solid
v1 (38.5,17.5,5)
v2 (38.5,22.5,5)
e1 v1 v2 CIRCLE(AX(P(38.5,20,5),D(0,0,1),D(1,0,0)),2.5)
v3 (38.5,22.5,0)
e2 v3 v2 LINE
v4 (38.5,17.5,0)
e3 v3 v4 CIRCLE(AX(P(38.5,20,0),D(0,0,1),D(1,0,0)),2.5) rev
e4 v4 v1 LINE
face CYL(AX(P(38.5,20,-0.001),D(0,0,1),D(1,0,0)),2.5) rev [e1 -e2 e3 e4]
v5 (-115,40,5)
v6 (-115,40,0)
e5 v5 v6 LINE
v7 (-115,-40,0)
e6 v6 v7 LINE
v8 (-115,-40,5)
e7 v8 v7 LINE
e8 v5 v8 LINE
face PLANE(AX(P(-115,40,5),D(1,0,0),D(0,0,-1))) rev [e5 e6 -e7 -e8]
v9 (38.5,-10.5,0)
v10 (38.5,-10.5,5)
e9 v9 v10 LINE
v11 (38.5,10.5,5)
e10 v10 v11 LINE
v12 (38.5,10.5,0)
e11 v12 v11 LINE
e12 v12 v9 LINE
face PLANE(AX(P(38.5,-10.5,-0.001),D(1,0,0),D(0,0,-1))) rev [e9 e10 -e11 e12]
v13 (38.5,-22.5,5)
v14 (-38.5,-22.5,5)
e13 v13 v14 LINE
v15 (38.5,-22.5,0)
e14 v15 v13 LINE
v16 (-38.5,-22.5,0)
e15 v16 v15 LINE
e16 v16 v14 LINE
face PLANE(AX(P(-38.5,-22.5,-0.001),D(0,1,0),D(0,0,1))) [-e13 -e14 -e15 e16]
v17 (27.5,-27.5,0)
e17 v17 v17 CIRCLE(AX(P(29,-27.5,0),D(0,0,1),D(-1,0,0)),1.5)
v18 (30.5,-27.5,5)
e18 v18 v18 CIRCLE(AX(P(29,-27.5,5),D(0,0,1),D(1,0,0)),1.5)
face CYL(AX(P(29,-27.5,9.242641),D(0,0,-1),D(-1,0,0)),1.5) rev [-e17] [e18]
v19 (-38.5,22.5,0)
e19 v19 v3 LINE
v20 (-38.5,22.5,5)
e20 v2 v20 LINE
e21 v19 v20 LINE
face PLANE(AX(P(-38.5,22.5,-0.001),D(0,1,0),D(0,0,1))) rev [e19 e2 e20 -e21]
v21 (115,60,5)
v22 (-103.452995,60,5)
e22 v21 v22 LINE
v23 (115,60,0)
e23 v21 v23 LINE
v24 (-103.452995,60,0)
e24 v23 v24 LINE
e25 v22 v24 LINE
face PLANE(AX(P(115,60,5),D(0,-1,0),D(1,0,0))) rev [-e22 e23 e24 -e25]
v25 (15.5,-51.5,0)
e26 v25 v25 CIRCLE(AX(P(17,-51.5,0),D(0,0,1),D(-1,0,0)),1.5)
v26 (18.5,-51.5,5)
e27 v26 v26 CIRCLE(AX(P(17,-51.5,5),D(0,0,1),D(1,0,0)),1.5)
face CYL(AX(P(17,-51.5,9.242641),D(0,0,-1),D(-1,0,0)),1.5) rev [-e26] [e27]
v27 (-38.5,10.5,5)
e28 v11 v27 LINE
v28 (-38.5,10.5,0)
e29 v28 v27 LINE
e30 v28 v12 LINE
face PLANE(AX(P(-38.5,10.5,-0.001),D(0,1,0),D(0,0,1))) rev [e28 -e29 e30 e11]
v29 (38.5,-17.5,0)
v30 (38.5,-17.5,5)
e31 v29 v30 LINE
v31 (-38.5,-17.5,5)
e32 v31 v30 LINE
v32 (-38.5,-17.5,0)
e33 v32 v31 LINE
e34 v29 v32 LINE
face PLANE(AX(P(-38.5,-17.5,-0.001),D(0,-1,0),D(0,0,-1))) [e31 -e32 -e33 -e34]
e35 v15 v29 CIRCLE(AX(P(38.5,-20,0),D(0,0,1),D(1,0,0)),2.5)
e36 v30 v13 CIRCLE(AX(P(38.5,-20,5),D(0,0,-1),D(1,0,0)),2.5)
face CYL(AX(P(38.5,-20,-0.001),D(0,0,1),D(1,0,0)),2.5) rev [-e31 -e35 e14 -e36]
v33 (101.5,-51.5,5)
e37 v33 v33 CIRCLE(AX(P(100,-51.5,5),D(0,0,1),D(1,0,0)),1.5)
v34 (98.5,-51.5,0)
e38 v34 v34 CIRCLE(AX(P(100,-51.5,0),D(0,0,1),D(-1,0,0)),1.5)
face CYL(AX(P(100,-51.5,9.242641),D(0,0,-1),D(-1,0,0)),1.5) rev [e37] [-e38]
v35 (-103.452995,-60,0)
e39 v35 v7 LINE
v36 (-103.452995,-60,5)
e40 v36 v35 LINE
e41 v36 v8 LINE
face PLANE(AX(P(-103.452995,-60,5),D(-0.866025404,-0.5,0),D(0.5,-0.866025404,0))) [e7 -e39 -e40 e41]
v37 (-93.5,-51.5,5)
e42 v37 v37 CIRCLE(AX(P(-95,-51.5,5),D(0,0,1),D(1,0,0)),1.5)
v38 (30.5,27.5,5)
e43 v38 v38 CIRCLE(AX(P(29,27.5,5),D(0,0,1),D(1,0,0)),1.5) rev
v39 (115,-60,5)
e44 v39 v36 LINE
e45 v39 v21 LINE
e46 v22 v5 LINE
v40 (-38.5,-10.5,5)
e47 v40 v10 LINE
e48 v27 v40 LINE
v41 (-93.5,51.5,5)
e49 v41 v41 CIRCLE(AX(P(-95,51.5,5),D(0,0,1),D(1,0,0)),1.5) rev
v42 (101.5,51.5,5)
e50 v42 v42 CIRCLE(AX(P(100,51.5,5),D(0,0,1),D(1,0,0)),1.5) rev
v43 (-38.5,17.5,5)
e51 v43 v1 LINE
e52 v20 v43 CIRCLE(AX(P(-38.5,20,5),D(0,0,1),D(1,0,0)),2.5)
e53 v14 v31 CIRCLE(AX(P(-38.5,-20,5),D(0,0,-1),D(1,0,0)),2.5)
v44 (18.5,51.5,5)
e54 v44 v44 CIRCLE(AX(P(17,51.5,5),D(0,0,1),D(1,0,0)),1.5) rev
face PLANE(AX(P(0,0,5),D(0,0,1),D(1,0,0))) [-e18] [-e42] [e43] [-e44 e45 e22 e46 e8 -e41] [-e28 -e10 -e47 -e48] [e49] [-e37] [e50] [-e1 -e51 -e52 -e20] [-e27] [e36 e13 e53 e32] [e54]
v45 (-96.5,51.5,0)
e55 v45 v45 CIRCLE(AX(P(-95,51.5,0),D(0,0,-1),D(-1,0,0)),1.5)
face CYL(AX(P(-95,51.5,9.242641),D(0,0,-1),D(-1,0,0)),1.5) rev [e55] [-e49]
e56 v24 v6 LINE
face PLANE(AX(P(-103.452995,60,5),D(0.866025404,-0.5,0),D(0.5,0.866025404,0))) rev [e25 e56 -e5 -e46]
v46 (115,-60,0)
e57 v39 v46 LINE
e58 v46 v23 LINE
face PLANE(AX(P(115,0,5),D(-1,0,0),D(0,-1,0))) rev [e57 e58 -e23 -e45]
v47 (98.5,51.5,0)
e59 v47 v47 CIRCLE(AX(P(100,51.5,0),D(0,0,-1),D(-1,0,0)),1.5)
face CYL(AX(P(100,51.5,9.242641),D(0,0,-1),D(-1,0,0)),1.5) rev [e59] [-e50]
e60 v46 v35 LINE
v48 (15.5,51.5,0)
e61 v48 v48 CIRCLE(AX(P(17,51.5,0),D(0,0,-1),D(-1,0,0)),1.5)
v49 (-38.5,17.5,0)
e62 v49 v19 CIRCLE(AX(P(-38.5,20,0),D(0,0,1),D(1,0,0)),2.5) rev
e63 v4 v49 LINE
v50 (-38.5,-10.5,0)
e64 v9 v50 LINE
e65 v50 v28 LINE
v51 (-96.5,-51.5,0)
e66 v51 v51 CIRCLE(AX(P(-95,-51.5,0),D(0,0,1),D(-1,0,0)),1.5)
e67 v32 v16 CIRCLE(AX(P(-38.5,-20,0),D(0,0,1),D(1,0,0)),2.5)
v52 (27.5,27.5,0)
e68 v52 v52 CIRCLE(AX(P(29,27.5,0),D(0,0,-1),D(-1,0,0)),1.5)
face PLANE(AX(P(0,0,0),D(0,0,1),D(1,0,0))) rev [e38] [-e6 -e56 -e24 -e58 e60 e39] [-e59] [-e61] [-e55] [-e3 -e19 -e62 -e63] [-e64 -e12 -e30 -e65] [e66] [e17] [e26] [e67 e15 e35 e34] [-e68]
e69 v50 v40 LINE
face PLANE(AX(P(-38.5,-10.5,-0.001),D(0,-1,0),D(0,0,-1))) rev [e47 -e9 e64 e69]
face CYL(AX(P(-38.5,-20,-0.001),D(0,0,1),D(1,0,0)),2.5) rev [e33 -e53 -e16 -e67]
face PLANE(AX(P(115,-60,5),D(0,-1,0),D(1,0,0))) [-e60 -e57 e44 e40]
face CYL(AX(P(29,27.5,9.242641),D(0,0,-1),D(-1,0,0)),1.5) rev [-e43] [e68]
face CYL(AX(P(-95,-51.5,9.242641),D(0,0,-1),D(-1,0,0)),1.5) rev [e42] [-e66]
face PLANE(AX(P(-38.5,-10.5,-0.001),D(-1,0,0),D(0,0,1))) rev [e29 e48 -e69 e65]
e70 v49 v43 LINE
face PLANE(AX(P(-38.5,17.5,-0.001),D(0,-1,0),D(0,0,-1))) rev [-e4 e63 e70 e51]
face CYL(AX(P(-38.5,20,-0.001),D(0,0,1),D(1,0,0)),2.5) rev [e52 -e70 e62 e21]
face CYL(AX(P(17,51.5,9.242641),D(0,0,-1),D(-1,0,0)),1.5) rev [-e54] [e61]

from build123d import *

# Parameters (mm, degrees)
BOSS_EXTRU_1_DEPTH      = 5
ENL_V_MAT_EXTRU_1_REACH = 131.808
ESQUISSE2_W             = 77
ESQUISSE2_H             = 21
ENL_V_MAT_EXTRU_2_REACH = 131.808
ESQUISSE4_R             = 1.5
ENL_V_MAT_EXTRU_3_DEPTH = 5


with BuildPart() as part:
    # Esquisse1 → Boss.-Extru.1 (new body)
    with BuildSketch(Plane.XY):
        Polygon((-115, 0), (115, 0), (115, 60), (-103.452994616, 60), (-115, 40), align=None)
    boss_extru_1 = extrude(amount=BOSS_EXTRU_1_DEPTH)

    # Symétrie1: Boss.-Extru.1 across Top Plane
    add(boss_extru_1.mirror(Plane(origin=(0, 0, 0), x_dir=(1, 0, 0), z_dir=(0, 1, 0))))

    # Esquisse2 → Enlèv. mat.-Extru.1 (cut, up to next)
    with BuildSketch(Plane.XY.offset(5), mode=Mode.PRIVATE) as enl_v_mat_extru_1_sk1:
        Rectangle(ESQUISSE2_W, ESQUISSE2_H)
    enl_v_mat_extru_1_tool1 = extrude(enl_v_mat_extru_1_sk1.sketch, amount=-ENL_V_MAT_EXTRU_1_REACH, mode=Mode.PRIVATE) & part.part
    add(enl_v_mat_extru_1_tool1.solids().sort_by_distance((0, 0, 5))[0], mode=Mode.SUBTRACT)

    # Esquisse3 → Enlèv. mat.-Extru.2 (cut, up to next)
    with BuildSketch(Plane.XY.offset(5), mode=Mode.PRIVATE) as enl_v_mat_extru_2_sk1:
        with BuildLine():
            Line((-38.5, 22.5), (38.5, 22.5))
            ThreePointArc((38.5, 22.5), (41, 20), (38.5, 17.5))
            Line((38.5, 17.5), (-38.5, 17.5))
            ThreePointArc((-38.5, 17.5), (-41, 20), (-38.5, 22.5))
        make_face()
    enl_v_mat_extru_2_tool1 = extrude(enl_v_mat_extru_2_sk1.sketch, amount=-ENL_V_MAT_EXTRU_2_REACH, mode=Mode.PRIVATE) & part.part
    enl_v_mat_extru_2 = enl_v_mat_extru_2_tool1.solids().sort_by_distance((0, 20, 5))[0]
    add(enl_v_mat_extru_2, mode=Mode.SUBTRACT)

    # Esquisse4 → Enlèv. mat.-Extru.3 (cut)
    with BuildSketch(Plane(origin=(0, 0, 0), x_dir=(-1, 0, 0), z_dir=(0, 0, -1))):
        with Locations((-100, 51.5)):
            Circle(ESQUISSE4_R)
        with Locations((-17, 51.5)):
            Circle(ESQUISSE4_R)
        with Locations((95, 51.5)):
            Circle(ESQUISSE4_R)
        with Locations((-29, 27.5)):
            Circle(ESQUISSE4_R)
    enl_v_mat_extru_3 = extrude(amount=-ENL_V_MAT_EXTRU_3_DEPTH, mode=Mode.SUBTRACT)

    # Symétrie2: Enlèv. mat.-Extru.3 across plane
    add(enl_v_mat_extru_3.mirror(Plane.ZX), mode=Mode.SUBTRACT)

    # Symétrie3: Enlèv. mat.-Extru.2 across plane
    add(enl_v_mat_extru_2.mirror(Plane.ZX), mode=Mode.SUBTRACT)


solid = part.part
